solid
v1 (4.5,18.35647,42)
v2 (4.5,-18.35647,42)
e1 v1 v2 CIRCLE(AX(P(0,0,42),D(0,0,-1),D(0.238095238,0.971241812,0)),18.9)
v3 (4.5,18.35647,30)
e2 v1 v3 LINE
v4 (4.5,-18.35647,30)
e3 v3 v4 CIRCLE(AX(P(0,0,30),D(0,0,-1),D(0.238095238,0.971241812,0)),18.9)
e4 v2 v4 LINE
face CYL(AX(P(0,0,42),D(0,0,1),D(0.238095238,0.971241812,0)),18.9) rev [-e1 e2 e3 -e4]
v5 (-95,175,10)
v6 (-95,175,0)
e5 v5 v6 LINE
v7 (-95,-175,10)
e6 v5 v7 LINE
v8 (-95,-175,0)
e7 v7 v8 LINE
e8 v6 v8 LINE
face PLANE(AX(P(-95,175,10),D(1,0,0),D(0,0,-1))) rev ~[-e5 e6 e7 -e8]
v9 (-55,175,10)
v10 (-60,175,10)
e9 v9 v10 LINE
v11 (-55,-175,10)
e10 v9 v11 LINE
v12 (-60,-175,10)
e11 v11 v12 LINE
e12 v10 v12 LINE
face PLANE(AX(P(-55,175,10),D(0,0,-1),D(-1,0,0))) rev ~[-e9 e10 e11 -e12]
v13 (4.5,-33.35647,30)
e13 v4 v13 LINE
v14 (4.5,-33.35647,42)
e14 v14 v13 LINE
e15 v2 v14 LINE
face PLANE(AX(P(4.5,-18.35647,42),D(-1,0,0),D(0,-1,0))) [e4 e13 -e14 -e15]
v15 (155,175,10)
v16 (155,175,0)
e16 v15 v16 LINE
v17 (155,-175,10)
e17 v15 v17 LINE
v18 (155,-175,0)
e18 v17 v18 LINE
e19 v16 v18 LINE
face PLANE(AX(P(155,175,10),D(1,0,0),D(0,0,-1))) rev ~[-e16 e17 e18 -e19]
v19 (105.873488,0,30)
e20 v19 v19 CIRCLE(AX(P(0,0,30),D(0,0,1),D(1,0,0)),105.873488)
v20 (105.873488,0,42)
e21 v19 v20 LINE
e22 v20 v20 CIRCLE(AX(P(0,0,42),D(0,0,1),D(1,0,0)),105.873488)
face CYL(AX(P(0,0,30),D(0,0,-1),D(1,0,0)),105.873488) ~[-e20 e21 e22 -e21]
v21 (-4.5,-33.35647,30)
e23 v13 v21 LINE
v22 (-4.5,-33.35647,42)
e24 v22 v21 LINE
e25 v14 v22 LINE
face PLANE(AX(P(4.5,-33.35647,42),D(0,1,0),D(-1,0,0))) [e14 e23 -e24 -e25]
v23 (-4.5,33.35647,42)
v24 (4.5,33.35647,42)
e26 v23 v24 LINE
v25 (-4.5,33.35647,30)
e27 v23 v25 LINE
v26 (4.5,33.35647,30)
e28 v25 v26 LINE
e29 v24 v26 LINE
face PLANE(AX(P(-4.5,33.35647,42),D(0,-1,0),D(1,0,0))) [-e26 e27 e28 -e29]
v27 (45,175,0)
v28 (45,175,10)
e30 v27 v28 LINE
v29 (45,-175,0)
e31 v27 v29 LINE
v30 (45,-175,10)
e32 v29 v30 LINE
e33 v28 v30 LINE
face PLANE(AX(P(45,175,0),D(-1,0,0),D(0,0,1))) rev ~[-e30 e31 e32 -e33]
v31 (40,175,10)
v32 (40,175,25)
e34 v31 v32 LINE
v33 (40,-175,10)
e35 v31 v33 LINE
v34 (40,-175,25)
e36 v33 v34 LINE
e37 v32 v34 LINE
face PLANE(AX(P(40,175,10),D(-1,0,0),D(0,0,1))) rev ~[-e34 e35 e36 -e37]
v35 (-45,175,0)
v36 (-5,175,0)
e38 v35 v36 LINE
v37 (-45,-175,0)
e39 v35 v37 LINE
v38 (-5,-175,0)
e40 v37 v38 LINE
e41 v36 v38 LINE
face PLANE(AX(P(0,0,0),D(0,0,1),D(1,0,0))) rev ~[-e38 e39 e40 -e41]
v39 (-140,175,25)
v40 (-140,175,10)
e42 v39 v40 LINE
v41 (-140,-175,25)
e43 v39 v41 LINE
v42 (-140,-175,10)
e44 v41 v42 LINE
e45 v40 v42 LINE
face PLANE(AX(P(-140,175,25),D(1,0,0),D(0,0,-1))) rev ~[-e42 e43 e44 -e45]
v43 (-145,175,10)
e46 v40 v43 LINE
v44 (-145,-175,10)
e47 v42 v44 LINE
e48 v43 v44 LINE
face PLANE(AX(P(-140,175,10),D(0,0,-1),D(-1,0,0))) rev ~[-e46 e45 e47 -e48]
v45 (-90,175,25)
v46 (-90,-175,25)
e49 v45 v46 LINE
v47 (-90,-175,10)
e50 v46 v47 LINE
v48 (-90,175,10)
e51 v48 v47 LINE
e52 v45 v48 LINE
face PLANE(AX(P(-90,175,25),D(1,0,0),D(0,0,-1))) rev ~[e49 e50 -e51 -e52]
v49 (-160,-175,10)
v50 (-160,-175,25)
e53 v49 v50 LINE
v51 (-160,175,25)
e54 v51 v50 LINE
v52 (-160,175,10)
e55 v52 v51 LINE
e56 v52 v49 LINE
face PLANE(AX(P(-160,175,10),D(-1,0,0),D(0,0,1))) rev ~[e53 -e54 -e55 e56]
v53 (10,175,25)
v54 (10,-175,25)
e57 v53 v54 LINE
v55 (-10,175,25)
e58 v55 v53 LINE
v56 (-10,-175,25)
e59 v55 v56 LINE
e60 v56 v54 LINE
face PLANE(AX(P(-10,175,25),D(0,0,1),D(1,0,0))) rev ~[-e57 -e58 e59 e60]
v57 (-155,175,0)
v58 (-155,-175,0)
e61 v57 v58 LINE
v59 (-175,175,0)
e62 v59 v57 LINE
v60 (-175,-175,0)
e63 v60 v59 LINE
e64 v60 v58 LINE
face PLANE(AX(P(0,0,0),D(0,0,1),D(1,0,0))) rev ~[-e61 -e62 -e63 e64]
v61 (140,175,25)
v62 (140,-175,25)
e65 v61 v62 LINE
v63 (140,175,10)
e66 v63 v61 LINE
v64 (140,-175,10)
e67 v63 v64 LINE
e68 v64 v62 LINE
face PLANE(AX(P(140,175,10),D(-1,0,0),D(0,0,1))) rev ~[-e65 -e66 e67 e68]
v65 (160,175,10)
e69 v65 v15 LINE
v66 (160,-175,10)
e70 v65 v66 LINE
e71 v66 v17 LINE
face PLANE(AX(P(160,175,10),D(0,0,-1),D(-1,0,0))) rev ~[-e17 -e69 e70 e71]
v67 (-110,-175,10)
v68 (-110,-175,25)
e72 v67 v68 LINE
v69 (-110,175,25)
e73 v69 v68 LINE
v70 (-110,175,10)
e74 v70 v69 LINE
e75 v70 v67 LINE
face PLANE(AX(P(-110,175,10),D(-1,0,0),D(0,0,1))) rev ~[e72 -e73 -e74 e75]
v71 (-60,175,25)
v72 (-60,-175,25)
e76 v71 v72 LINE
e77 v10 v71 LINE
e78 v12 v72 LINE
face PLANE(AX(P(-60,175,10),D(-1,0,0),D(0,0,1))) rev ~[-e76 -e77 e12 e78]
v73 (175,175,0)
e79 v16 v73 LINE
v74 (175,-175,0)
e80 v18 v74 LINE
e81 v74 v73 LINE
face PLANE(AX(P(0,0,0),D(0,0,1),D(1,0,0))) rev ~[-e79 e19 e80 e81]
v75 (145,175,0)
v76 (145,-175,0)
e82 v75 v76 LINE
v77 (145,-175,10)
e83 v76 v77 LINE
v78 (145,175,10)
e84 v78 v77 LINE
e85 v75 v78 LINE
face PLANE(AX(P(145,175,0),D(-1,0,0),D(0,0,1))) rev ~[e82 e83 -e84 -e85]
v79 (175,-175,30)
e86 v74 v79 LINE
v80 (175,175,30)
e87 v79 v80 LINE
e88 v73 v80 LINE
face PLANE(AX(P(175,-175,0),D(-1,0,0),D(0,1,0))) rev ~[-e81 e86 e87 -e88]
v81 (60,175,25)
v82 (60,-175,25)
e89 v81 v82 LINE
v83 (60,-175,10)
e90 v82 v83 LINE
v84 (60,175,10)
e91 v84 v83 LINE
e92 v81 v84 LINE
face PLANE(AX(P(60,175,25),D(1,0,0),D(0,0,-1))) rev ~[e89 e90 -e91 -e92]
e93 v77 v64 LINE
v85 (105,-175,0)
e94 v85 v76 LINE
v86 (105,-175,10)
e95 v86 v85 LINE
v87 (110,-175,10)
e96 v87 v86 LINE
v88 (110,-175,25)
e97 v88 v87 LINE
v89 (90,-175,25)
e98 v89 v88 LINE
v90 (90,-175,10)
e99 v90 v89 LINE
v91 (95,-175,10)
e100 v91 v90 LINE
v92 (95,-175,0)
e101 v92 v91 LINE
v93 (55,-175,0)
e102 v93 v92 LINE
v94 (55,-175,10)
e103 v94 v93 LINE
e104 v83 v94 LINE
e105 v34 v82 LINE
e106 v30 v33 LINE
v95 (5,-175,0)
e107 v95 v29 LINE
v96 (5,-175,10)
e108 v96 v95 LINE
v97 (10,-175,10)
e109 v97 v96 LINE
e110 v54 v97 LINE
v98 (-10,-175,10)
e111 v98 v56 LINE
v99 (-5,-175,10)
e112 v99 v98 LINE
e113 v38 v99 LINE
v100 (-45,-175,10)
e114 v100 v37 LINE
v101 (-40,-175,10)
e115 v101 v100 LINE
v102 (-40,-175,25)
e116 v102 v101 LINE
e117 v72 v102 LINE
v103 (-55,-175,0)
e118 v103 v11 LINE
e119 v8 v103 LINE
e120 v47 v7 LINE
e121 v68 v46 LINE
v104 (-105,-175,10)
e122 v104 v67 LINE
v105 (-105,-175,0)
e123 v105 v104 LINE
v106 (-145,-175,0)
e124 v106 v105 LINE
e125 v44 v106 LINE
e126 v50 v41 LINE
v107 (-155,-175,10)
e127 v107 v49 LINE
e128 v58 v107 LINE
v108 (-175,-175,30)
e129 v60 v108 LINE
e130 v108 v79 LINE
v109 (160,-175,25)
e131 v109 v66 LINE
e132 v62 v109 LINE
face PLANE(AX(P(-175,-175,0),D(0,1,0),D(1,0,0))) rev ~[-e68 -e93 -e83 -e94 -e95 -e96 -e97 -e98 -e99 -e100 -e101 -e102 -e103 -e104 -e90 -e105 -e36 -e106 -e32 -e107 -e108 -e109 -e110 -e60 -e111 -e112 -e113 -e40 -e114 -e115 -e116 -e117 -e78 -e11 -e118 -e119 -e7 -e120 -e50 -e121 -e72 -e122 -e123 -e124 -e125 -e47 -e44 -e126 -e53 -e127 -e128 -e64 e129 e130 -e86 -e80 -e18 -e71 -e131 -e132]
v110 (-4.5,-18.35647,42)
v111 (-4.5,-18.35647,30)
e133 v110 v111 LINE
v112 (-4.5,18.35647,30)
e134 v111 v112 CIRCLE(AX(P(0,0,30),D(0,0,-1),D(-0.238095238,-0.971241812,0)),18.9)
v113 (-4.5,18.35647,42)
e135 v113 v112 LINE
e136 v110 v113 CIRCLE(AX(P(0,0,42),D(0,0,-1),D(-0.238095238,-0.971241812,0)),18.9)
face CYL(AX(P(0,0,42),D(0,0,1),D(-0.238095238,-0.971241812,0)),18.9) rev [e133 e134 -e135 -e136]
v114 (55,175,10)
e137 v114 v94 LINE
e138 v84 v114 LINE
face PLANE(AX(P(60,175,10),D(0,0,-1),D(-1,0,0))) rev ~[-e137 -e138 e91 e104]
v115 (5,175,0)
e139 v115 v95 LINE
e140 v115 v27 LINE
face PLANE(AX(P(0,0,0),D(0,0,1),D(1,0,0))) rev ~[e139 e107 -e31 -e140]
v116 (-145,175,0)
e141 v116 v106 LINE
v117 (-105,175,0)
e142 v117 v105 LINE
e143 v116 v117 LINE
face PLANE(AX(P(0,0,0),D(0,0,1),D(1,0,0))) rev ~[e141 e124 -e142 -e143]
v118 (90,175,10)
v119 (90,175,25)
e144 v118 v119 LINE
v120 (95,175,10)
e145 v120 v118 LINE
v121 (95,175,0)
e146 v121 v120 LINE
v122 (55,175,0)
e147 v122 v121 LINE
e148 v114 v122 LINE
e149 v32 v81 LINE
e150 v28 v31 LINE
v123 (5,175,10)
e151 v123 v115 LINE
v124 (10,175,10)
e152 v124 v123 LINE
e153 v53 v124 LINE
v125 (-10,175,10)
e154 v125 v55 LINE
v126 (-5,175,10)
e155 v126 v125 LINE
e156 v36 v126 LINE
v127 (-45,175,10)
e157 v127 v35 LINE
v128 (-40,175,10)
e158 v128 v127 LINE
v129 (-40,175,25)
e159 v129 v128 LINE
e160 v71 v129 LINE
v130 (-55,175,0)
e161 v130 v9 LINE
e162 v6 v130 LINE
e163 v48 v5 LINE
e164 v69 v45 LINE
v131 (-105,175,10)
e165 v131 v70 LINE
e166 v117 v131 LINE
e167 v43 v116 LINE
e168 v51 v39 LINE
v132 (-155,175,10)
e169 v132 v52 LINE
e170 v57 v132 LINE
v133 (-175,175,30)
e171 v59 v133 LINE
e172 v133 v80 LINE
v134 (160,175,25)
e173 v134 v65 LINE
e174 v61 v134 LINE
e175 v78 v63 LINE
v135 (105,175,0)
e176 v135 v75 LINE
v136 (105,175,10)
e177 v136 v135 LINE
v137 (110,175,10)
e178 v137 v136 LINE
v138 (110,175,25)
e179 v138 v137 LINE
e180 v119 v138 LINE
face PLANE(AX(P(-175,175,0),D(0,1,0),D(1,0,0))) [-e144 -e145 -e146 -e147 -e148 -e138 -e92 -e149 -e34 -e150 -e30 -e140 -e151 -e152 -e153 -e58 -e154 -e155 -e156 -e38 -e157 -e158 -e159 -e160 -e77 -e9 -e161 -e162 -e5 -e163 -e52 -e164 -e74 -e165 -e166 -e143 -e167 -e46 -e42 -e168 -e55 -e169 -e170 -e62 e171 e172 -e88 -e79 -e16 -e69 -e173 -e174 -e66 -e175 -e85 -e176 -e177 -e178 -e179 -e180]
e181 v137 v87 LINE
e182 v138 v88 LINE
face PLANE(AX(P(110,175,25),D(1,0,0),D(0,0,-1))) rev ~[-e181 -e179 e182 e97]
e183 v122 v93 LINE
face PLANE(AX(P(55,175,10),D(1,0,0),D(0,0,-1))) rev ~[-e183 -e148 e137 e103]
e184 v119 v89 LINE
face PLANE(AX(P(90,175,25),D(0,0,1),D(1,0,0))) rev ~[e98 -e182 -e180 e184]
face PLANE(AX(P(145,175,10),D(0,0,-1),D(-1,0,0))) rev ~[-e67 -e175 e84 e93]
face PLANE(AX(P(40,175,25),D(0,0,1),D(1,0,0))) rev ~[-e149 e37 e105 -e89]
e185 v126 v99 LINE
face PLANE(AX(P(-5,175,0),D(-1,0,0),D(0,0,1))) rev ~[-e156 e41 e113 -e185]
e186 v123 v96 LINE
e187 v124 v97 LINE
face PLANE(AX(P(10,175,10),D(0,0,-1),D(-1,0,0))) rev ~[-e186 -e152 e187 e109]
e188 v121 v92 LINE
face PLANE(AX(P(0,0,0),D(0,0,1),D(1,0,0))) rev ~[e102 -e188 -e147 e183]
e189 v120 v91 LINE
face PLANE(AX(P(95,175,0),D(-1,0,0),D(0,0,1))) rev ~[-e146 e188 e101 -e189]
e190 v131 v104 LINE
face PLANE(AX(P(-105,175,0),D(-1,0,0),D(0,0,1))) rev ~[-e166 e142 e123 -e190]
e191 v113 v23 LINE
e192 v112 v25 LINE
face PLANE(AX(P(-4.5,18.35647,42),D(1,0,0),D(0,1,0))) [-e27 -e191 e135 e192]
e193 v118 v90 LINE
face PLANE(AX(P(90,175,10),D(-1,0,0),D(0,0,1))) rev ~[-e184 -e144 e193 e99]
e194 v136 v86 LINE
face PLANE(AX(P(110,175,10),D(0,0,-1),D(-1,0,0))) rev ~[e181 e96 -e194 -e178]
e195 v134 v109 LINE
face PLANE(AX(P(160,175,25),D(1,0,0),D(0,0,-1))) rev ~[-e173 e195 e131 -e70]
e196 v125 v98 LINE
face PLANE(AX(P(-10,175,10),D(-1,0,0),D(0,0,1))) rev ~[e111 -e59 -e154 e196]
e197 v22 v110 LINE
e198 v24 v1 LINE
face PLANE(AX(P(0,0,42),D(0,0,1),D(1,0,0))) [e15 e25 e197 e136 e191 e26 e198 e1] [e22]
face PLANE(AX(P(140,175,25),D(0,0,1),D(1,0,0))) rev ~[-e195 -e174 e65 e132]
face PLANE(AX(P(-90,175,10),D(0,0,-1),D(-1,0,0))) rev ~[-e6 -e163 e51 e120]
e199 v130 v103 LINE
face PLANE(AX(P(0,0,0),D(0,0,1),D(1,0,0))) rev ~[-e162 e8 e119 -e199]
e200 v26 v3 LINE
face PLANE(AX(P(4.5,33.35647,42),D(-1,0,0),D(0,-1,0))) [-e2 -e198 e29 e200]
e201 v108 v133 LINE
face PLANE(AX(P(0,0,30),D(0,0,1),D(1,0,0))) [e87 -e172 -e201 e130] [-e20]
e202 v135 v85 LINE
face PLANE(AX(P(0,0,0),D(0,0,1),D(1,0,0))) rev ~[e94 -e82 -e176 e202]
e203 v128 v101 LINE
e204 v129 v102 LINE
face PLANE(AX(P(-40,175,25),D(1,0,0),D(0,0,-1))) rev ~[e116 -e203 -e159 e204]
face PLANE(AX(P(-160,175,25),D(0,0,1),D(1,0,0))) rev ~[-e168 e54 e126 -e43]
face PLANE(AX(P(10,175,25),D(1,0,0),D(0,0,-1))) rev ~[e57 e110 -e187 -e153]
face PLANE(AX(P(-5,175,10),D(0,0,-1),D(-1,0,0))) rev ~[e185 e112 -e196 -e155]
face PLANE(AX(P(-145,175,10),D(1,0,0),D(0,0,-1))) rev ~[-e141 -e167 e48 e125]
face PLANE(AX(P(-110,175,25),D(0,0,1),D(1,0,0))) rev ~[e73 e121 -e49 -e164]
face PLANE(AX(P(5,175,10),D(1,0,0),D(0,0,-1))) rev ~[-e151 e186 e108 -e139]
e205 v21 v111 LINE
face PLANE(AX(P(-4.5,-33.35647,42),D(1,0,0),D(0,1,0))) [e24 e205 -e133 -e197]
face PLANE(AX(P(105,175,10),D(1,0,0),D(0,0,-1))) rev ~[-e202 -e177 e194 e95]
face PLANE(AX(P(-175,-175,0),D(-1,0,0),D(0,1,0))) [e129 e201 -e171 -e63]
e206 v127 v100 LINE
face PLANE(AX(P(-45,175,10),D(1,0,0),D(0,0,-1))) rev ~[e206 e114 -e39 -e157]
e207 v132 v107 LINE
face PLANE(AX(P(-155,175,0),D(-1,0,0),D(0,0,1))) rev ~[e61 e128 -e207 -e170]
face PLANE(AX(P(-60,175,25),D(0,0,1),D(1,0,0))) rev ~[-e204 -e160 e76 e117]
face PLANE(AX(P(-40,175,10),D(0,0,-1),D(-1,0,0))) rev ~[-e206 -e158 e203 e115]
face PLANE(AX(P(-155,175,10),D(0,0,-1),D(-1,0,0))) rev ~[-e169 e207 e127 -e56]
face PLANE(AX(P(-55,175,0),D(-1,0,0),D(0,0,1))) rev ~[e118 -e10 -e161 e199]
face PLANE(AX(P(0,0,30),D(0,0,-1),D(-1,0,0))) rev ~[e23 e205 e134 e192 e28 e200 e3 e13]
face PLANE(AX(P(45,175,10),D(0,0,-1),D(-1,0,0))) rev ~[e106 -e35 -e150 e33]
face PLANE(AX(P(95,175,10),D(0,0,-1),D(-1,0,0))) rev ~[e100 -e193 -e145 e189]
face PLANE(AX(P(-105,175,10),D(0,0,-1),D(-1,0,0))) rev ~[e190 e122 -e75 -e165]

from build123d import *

# Parameters (mm, degrees)
SKETCH1_W           = 350
SKETCH1_H           = 350
BOSS_EXTRUDE1_DEPTH = 30
SKETCH2_R           = 105.873487711
BOSS_EXTRUDE2_DEPTH = 12
CUT_EXTRUDE1_DEPTH  = 12
CUT_EXTRUDE3_DEPTH  = 394.559398312


with BuildPart() as part:
    # Sketch1 → Boss-Extrude1 (new body)
    with BuildSketch(Plane.XY):
        Rectangle(SKETCH1_W, SKETCH1_H)
    extrude(amount=BOSS_EXTRUDE1_DEPTH)

    # Sketch2 → Boss-Extrude2 (add)
    with BuildSketch(Plane.XY.offset(30)):
        Circle(SKETCH2_R)
    extrude(amount=BOSS_EXTRUDE2_DEPTH)

    # Sketch3 → Cut-Extrude1 (cut)
    with BuildSketch(Plane.XY.offset(42)):
        with BuildLine():
            Line((-4.5, 18.356470249), (-4.5, 33.356470249))
            Line((-4.5, 33.356470249), (4.5, 33.356470249))
            Line((4.5, 33.356470249), (4.5, 18.356470249))
            ThreePointArc((4.5, 18.356470249), (18.9, 0), (4.5, -18.356470249))
            Line((4.5, -18.356470249), (4.5, -33.356470249))
            Line((4.5, -33.356470249), (-4.5, -33.356470249))
            Line((-4.5, -33.356470249), (-4.5, -18.356470249))
            ThreePointArc((-4.5, -18.356470249), (-18.9, 0), (-4.5, 18.356470249))
        make_face()
    extrude(amount=-CUT_EXTRUDE1_DEPTH, mode=Mode.SUBTRACT)

    # Sketch5 → Cut-Extrude3 (cut, through all)
    with BuildSketch(Plane(origin=(0, 175, 0), x_dir=(1, 0, 0), z_dir=(0, 1, 0))):
        Polygon((-145, 0), (-155, 0), (-155, -10), (-160, -10), (-160, -25), (-140, -25), (-140, -10), (-145, -10), align=None)
        Polygon((-95, 0), (-105, 0), (-105, -10), (-110, -10), (-110, -25), (-90, -25), (-90, -10), (-95, -10), align=None)
        Polygon((-45, 0), (-55, 0), (-55, -10), (-60, -10), (-60, -25), (-40, -25), (-40, -10), (-45, -10), align=None)
        Polygon((5, 0), (-5, 0), (-5, -10), (-10, -10), (-10, -25), (10, -25), (10, -10), (5, -10), align=None)
        Polygon((55, 0), (45, 0), (45, -10), (40, -10), (40, -25), (60, -25), (60, -10), (55, -10), align=None)
        Polygon((105, 0), (95, 0), (95, -10), (90, -10), (90, -25), (110, -25), (110, -10), (105, -10), align=None)
        Polygon((155, 0), (145, 0), (145, -10), (140, -10), (140, -25), (160, -25), (160, -10), (155, -10), align=None)
    extrude(amount=-CUT_EXTRUDE3_DEPTH, mode=Mode.SUBTRACT)


solid = part.part
